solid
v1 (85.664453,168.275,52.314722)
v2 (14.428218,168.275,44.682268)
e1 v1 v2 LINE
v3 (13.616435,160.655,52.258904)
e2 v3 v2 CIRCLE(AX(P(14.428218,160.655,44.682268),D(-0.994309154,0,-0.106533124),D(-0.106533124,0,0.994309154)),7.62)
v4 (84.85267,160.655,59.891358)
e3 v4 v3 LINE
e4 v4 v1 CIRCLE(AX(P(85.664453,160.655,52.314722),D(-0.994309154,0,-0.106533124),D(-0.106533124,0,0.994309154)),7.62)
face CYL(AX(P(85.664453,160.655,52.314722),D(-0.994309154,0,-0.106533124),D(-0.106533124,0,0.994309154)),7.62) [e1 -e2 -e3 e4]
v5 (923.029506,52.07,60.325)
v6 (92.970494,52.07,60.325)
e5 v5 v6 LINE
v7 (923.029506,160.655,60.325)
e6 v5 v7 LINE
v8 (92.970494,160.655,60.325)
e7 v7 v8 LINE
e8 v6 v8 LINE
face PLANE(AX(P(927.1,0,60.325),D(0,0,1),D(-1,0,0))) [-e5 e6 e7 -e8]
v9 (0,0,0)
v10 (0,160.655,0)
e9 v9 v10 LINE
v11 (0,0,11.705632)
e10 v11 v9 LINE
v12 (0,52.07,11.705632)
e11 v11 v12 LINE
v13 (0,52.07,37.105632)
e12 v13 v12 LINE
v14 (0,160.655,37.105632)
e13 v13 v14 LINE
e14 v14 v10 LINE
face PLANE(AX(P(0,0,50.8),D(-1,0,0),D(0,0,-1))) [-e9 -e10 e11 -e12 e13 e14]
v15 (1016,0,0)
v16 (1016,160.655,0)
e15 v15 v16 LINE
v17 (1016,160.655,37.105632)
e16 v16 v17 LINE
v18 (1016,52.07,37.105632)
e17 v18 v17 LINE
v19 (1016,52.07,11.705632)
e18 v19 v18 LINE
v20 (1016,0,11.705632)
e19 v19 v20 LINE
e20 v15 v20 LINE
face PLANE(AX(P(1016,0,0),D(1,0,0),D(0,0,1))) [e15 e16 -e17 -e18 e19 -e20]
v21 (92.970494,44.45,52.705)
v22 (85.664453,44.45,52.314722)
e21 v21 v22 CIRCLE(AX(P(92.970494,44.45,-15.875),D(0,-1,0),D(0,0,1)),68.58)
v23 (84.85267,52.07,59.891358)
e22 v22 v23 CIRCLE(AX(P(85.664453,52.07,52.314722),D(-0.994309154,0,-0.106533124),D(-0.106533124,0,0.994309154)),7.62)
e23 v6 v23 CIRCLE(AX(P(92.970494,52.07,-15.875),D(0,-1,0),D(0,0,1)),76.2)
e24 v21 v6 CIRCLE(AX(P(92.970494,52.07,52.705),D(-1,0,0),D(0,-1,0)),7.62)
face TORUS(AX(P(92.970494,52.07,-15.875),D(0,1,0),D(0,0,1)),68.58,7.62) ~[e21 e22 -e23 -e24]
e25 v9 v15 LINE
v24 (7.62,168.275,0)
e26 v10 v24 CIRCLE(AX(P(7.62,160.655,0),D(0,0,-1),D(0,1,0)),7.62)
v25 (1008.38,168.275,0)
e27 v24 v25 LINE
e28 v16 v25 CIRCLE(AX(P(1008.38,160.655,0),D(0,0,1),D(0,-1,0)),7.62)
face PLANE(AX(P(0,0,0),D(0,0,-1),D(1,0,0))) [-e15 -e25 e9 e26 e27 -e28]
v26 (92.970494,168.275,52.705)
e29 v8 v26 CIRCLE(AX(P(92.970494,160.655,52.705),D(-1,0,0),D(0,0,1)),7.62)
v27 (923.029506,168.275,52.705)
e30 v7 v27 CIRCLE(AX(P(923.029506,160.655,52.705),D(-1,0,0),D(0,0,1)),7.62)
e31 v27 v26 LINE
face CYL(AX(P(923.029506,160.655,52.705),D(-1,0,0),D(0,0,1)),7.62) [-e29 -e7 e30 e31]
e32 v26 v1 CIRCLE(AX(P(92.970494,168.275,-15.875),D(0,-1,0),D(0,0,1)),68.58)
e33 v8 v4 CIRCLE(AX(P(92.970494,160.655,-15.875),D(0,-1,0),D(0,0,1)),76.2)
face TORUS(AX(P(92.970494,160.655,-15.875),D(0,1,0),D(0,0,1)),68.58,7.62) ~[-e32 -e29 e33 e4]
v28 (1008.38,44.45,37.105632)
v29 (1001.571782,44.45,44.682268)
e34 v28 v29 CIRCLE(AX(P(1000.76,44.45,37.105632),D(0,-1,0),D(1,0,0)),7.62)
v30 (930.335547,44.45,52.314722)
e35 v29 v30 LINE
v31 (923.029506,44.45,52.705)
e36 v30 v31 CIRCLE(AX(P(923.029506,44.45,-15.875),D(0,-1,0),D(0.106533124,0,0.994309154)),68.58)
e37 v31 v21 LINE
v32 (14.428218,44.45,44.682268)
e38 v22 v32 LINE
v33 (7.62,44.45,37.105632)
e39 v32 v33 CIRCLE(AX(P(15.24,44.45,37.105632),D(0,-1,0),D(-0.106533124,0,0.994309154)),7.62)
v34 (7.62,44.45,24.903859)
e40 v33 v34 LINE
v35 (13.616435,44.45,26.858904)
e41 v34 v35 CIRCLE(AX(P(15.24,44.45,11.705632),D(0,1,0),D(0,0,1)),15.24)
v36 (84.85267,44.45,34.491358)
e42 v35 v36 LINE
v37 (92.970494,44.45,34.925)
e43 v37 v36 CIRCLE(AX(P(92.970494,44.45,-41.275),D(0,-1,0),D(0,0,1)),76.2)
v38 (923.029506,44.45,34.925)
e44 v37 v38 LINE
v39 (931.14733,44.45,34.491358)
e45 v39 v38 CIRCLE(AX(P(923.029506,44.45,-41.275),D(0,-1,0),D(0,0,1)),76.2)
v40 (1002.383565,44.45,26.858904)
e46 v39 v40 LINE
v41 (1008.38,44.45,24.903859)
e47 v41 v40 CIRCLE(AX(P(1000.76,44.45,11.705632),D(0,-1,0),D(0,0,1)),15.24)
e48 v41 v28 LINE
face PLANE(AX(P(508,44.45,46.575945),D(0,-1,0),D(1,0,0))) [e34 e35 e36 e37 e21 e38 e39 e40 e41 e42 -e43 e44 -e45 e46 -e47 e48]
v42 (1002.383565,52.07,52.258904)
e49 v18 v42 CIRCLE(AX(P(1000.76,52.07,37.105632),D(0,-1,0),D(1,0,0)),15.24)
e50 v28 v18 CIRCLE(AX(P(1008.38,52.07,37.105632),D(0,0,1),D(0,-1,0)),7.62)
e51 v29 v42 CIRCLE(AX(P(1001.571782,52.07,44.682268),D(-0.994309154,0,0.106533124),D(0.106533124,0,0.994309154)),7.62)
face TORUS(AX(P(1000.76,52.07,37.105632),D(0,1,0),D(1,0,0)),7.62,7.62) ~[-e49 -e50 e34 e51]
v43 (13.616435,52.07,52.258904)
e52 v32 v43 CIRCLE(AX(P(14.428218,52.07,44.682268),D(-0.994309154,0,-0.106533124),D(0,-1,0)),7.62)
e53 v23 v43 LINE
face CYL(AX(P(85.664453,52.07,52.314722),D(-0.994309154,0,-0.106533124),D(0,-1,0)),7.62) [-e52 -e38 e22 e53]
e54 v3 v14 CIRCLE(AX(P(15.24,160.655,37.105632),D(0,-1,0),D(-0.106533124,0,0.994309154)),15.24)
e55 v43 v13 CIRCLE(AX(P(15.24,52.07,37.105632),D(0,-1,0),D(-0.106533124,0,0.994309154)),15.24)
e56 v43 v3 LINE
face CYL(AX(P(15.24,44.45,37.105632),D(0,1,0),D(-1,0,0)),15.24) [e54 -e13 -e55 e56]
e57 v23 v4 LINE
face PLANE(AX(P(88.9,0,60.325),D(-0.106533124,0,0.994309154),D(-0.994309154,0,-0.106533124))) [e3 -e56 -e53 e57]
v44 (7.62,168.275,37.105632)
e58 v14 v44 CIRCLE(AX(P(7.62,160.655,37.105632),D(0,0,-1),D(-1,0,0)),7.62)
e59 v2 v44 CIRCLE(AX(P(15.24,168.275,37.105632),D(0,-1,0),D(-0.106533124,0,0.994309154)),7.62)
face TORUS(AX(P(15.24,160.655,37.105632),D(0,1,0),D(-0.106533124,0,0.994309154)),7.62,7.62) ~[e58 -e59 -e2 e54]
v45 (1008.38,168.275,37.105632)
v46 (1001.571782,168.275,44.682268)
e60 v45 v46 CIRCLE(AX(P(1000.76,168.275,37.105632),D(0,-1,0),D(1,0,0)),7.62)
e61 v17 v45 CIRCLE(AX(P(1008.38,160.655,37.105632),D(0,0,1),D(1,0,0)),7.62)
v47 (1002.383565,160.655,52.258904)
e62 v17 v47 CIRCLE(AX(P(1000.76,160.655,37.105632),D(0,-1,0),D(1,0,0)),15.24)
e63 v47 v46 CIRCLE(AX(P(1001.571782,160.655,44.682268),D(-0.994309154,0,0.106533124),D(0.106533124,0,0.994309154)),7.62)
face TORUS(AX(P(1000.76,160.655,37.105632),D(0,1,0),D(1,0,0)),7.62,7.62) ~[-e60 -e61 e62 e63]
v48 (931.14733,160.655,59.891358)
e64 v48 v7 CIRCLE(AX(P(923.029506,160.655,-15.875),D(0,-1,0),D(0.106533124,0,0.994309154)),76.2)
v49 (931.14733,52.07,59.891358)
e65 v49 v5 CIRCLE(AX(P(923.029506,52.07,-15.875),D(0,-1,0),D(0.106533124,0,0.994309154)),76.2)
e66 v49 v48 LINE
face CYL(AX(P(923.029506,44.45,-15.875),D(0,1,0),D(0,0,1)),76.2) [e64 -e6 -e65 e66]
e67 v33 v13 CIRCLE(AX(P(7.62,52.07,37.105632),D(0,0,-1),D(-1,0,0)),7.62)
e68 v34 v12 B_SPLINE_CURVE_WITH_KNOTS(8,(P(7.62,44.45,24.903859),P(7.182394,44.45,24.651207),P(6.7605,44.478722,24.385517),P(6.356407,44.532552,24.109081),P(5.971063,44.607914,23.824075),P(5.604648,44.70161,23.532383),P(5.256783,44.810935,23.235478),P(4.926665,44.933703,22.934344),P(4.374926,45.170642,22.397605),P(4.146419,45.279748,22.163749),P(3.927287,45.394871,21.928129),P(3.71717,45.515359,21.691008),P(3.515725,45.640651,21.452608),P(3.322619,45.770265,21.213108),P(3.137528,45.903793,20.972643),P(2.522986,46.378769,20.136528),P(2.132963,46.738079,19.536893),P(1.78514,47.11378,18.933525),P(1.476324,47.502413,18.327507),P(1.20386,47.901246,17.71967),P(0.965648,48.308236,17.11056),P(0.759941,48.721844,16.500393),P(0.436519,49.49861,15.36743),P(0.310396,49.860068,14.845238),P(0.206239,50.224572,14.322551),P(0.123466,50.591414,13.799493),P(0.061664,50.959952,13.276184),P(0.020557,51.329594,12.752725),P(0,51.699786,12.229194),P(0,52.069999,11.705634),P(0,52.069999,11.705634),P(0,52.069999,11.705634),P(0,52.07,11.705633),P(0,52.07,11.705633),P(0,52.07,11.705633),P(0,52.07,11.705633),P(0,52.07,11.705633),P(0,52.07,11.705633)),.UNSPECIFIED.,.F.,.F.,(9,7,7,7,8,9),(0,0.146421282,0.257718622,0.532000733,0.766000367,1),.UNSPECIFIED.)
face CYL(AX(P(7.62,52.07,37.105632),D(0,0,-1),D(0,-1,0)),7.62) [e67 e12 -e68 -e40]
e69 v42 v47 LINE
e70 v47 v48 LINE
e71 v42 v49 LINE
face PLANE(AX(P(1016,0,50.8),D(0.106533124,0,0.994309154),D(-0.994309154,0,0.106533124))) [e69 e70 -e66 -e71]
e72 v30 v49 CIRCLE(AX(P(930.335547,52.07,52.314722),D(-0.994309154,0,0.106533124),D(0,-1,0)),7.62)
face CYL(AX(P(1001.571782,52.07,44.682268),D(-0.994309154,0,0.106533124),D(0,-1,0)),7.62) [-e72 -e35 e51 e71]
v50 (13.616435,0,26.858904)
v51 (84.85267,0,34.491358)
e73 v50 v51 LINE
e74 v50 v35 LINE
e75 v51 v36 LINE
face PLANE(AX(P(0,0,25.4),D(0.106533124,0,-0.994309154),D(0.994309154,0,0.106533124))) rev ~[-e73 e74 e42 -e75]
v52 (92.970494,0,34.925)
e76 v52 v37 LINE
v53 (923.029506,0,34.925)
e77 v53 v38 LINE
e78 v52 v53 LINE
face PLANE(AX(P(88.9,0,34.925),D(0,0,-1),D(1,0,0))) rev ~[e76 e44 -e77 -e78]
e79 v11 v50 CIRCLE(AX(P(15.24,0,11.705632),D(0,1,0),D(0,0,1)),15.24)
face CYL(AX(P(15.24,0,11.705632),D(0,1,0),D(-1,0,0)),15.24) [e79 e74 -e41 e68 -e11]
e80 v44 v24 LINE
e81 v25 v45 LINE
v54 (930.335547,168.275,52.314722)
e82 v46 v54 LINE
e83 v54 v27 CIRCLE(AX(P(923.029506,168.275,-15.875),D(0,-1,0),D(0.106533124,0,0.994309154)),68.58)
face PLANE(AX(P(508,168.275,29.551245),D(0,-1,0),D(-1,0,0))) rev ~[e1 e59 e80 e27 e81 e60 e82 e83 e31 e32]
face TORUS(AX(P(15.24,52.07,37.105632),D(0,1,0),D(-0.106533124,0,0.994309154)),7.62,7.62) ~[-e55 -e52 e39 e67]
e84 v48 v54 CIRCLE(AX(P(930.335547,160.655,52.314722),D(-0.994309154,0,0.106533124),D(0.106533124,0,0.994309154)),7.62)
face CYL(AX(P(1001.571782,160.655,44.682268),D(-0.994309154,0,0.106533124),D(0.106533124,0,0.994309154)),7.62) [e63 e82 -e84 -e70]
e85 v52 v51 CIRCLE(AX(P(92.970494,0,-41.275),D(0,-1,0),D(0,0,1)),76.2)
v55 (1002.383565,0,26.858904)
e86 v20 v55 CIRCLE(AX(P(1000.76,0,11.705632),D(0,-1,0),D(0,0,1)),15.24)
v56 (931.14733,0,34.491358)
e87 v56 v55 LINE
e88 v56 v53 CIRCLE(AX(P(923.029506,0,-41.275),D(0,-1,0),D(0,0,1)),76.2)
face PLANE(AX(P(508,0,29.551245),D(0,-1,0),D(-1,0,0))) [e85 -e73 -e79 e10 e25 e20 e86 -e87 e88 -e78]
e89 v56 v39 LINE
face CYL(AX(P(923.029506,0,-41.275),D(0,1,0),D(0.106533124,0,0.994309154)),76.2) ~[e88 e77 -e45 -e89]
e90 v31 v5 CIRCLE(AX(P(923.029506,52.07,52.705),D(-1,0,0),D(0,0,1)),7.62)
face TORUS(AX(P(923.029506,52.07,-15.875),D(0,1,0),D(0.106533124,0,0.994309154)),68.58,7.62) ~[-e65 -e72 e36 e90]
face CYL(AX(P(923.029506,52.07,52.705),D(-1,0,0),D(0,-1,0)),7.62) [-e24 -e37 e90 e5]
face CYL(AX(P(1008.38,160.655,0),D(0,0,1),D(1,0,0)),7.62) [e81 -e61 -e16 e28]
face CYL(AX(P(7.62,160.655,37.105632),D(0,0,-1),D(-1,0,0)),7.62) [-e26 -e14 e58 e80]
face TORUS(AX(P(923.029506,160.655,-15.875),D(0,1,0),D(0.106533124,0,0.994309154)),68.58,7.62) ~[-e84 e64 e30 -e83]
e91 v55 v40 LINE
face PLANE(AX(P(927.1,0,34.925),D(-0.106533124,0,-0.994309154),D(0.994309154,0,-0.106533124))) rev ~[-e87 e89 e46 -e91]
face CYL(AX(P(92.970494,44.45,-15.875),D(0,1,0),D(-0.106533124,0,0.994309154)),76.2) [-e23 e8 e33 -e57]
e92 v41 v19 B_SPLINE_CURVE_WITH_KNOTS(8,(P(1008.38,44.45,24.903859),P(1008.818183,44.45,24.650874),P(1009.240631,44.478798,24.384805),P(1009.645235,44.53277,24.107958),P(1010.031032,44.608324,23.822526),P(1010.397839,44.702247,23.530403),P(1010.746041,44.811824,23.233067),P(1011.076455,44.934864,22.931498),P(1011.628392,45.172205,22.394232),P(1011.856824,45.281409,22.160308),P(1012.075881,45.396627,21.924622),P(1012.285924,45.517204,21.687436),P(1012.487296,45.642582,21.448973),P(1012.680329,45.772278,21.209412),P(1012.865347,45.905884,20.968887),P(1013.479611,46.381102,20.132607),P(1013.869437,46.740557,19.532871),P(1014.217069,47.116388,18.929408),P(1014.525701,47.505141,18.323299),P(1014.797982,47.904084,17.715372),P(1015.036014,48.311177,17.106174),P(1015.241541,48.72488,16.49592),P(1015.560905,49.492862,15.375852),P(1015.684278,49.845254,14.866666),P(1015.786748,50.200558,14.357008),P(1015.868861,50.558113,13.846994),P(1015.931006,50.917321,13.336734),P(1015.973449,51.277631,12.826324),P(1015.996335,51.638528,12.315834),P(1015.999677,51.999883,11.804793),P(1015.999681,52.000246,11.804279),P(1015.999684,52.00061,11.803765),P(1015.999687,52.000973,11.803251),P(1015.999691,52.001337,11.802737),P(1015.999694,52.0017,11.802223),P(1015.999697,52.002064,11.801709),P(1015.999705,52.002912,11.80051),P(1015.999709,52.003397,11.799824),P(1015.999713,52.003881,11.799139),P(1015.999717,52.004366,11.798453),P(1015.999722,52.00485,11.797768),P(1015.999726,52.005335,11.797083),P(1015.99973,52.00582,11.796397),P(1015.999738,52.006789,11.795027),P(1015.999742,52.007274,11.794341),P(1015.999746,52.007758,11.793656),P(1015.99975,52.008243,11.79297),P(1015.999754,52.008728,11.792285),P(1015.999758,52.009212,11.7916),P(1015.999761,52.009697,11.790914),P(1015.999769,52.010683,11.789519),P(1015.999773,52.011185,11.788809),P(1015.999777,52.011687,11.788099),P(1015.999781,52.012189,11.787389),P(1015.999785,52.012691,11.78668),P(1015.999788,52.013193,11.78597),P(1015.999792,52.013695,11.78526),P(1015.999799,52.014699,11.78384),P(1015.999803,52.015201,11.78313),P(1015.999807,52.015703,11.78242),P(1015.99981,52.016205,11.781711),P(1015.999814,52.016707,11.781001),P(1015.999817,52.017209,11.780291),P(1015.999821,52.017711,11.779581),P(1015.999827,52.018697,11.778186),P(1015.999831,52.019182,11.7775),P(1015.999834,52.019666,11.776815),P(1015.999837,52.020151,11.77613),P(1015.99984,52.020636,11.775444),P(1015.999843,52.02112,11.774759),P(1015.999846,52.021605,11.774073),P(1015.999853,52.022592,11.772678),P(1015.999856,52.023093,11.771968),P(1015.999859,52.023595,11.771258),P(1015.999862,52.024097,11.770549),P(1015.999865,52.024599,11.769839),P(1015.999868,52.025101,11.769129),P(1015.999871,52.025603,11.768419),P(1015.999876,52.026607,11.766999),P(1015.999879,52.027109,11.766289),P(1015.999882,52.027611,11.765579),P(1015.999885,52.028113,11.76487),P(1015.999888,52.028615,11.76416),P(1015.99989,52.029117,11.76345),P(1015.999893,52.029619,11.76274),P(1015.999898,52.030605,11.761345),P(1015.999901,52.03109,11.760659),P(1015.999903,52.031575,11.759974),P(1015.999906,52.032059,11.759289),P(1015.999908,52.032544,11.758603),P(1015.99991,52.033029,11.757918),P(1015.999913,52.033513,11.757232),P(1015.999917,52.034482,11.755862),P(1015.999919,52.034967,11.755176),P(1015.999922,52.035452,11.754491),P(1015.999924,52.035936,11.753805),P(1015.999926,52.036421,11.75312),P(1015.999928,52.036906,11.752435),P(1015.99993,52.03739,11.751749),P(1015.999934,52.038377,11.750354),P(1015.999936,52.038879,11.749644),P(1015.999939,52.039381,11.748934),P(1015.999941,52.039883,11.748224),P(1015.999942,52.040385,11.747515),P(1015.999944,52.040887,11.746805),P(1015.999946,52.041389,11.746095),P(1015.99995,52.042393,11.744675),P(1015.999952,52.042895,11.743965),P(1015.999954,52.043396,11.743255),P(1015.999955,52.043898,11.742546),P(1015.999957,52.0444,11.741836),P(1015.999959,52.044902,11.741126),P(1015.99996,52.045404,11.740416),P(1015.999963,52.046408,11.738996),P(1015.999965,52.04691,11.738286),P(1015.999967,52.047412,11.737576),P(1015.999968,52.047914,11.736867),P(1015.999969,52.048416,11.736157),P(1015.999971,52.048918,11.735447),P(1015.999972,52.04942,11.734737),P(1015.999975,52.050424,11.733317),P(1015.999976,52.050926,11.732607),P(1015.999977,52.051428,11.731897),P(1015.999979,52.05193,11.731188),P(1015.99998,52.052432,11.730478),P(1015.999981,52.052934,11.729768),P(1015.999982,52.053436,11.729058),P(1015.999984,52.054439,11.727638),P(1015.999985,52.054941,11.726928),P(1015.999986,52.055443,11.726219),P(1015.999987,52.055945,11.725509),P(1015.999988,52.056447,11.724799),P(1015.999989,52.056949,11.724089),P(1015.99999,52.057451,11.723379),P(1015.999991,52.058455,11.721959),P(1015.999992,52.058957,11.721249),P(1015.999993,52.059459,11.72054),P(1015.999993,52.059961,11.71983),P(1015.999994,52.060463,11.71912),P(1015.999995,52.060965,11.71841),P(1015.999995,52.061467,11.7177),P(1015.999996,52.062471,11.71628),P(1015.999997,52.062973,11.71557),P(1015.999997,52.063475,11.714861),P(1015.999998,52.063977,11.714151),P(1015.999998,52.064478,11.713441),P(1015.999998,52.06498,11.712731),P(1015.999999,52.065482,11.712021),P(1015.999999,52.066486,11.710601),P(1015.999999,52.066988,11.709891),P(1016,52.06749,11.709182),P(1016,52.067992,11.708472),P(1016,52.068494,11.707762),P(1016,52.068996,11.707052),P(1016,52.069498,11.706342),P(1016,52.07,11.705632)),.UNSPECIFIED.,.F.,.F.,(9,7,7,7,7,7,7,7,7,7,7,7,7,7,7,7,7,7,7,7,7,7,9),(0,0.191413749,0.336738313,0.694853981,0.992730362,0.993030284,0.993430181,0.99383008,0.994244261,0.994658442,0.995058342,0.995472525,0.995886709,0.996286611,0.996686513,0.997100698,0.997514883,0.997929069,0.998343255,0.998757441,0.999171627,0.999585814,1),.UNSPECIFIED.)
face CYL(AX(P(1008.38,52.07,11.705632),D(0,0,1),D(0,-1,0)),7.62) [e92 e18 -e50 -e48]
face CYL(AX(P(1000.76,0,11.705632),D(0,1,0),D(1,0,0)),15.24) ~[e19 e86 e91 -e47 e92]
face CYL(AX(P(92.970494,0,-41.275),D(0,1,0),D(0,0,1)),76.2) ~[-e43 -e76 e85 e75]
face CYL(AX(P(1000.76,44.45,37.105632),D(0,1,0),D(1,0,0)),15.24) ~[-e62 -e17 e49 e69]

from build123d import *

# Parameters (mm, degrees)
BOSS_EXTRUDE1_DEPTH = 168.275
CUT_EXTRUDE1_DEPTH  = 44.45
FILLET1_R           = 15.24
FILLET2_R           = 76.2
FILLET3_R           = 7.62
FILLET4_R           = 7.62


with BuildPart() as part:
    # Sketch7 → Boss-Extrude1 (new body)
    with BuildSketch(Plane(origin=(0, 0, 0), x_dir=(1, 0, 0), z_dir=(0, 1, 0))):
        Polygon((0, 0), (1016, 0), (1016, -50.8), (927.1, -60.325), (88.9, -60.325), (0, -50.8), align=None)
    extrude(amount=BOSS_EXTRUDE1_DEPTH)

    # Sketch10 → Cut-Extrude1 (cut)
    with BuildSketch(Plane.XZ):
        Polygon((0, 50.8), (0, 25.4), (88.9, 34.925), (927.1, 34.925), (1016, 25.4), (1016, 50.8), (927.1, 60.325), (88.9, 60.325), align=None)
    extrude(amount=-CUT_EXTRUDE1_DEPTH, mode=Mode.SUBTRACT)

    # Fillet1
    fillet1_edges = [part.edges().sort_by_distance(p)[0] for p in [
        (1016, 106.3625, 50.8),
        (0, 106.3625, 50.8),
        (1016, 22.225, 25.4),
        (0, 22.225, 25.4),
    ]]
    fillet(fillet1_edges, radius=FILLET1_R)

    # Fillet2
    fillet2_edges = [part.edges().sort_by_distance(p)[0] for p in [
        (927.1, 106.3625, 60.325),
        (88.9, 106.3625, 60.325),
        (927.1, 22.225, 34.925),
        (88.9, 22.225, 34.925),
    ]]
    fillet(fillet2_edges, radius=FILLET2_R)

    # Fillet3
    fillet3_edges = [part.edges().sort_by_distance(p)[0] for p in [
        (1016, 168.275, 18.552816133),
        (0, 168.275, 18.552816133),
        (49.234552732, 168.275, 56.07513065),
        (3.904199904, 168.275, 47.291761863),
        (1012.095800096, 168.275, 47.291761863),
        (966.765447268, 168.275, 56.07513065),
        (508, 168.275, 60.325),
        (88.905795265, 168.275, 60.216512154),
        (927.094204735, 168.275, 60.216512154),
    ]]
    fillet(fillet3_edges, radius=FILLET3_R)

    # Fillet4
    fillet4_edges = [part.edges().sort_by_distance(p)[0] for p in [
        (1016, 44.45, 18.552816133),
        (0, 44.45, 18.552816133),
        (966.765447268, 44.45, 56.07513065),
        (3.904199904, 44.45, 47.291761863),
        (1012.095800096, 44.45, 47.291761863),
        (508, 44.45, 60.325),
        (49.234552732, 44.45, 56.07513065),
        (88.905795265, 44.45, 60.216512154),
        (927.094204735, 44.45, 60.216512154),
    ]]
    fillet(fillet4_edges, radius=FILLET4_R)


solid = part.part
